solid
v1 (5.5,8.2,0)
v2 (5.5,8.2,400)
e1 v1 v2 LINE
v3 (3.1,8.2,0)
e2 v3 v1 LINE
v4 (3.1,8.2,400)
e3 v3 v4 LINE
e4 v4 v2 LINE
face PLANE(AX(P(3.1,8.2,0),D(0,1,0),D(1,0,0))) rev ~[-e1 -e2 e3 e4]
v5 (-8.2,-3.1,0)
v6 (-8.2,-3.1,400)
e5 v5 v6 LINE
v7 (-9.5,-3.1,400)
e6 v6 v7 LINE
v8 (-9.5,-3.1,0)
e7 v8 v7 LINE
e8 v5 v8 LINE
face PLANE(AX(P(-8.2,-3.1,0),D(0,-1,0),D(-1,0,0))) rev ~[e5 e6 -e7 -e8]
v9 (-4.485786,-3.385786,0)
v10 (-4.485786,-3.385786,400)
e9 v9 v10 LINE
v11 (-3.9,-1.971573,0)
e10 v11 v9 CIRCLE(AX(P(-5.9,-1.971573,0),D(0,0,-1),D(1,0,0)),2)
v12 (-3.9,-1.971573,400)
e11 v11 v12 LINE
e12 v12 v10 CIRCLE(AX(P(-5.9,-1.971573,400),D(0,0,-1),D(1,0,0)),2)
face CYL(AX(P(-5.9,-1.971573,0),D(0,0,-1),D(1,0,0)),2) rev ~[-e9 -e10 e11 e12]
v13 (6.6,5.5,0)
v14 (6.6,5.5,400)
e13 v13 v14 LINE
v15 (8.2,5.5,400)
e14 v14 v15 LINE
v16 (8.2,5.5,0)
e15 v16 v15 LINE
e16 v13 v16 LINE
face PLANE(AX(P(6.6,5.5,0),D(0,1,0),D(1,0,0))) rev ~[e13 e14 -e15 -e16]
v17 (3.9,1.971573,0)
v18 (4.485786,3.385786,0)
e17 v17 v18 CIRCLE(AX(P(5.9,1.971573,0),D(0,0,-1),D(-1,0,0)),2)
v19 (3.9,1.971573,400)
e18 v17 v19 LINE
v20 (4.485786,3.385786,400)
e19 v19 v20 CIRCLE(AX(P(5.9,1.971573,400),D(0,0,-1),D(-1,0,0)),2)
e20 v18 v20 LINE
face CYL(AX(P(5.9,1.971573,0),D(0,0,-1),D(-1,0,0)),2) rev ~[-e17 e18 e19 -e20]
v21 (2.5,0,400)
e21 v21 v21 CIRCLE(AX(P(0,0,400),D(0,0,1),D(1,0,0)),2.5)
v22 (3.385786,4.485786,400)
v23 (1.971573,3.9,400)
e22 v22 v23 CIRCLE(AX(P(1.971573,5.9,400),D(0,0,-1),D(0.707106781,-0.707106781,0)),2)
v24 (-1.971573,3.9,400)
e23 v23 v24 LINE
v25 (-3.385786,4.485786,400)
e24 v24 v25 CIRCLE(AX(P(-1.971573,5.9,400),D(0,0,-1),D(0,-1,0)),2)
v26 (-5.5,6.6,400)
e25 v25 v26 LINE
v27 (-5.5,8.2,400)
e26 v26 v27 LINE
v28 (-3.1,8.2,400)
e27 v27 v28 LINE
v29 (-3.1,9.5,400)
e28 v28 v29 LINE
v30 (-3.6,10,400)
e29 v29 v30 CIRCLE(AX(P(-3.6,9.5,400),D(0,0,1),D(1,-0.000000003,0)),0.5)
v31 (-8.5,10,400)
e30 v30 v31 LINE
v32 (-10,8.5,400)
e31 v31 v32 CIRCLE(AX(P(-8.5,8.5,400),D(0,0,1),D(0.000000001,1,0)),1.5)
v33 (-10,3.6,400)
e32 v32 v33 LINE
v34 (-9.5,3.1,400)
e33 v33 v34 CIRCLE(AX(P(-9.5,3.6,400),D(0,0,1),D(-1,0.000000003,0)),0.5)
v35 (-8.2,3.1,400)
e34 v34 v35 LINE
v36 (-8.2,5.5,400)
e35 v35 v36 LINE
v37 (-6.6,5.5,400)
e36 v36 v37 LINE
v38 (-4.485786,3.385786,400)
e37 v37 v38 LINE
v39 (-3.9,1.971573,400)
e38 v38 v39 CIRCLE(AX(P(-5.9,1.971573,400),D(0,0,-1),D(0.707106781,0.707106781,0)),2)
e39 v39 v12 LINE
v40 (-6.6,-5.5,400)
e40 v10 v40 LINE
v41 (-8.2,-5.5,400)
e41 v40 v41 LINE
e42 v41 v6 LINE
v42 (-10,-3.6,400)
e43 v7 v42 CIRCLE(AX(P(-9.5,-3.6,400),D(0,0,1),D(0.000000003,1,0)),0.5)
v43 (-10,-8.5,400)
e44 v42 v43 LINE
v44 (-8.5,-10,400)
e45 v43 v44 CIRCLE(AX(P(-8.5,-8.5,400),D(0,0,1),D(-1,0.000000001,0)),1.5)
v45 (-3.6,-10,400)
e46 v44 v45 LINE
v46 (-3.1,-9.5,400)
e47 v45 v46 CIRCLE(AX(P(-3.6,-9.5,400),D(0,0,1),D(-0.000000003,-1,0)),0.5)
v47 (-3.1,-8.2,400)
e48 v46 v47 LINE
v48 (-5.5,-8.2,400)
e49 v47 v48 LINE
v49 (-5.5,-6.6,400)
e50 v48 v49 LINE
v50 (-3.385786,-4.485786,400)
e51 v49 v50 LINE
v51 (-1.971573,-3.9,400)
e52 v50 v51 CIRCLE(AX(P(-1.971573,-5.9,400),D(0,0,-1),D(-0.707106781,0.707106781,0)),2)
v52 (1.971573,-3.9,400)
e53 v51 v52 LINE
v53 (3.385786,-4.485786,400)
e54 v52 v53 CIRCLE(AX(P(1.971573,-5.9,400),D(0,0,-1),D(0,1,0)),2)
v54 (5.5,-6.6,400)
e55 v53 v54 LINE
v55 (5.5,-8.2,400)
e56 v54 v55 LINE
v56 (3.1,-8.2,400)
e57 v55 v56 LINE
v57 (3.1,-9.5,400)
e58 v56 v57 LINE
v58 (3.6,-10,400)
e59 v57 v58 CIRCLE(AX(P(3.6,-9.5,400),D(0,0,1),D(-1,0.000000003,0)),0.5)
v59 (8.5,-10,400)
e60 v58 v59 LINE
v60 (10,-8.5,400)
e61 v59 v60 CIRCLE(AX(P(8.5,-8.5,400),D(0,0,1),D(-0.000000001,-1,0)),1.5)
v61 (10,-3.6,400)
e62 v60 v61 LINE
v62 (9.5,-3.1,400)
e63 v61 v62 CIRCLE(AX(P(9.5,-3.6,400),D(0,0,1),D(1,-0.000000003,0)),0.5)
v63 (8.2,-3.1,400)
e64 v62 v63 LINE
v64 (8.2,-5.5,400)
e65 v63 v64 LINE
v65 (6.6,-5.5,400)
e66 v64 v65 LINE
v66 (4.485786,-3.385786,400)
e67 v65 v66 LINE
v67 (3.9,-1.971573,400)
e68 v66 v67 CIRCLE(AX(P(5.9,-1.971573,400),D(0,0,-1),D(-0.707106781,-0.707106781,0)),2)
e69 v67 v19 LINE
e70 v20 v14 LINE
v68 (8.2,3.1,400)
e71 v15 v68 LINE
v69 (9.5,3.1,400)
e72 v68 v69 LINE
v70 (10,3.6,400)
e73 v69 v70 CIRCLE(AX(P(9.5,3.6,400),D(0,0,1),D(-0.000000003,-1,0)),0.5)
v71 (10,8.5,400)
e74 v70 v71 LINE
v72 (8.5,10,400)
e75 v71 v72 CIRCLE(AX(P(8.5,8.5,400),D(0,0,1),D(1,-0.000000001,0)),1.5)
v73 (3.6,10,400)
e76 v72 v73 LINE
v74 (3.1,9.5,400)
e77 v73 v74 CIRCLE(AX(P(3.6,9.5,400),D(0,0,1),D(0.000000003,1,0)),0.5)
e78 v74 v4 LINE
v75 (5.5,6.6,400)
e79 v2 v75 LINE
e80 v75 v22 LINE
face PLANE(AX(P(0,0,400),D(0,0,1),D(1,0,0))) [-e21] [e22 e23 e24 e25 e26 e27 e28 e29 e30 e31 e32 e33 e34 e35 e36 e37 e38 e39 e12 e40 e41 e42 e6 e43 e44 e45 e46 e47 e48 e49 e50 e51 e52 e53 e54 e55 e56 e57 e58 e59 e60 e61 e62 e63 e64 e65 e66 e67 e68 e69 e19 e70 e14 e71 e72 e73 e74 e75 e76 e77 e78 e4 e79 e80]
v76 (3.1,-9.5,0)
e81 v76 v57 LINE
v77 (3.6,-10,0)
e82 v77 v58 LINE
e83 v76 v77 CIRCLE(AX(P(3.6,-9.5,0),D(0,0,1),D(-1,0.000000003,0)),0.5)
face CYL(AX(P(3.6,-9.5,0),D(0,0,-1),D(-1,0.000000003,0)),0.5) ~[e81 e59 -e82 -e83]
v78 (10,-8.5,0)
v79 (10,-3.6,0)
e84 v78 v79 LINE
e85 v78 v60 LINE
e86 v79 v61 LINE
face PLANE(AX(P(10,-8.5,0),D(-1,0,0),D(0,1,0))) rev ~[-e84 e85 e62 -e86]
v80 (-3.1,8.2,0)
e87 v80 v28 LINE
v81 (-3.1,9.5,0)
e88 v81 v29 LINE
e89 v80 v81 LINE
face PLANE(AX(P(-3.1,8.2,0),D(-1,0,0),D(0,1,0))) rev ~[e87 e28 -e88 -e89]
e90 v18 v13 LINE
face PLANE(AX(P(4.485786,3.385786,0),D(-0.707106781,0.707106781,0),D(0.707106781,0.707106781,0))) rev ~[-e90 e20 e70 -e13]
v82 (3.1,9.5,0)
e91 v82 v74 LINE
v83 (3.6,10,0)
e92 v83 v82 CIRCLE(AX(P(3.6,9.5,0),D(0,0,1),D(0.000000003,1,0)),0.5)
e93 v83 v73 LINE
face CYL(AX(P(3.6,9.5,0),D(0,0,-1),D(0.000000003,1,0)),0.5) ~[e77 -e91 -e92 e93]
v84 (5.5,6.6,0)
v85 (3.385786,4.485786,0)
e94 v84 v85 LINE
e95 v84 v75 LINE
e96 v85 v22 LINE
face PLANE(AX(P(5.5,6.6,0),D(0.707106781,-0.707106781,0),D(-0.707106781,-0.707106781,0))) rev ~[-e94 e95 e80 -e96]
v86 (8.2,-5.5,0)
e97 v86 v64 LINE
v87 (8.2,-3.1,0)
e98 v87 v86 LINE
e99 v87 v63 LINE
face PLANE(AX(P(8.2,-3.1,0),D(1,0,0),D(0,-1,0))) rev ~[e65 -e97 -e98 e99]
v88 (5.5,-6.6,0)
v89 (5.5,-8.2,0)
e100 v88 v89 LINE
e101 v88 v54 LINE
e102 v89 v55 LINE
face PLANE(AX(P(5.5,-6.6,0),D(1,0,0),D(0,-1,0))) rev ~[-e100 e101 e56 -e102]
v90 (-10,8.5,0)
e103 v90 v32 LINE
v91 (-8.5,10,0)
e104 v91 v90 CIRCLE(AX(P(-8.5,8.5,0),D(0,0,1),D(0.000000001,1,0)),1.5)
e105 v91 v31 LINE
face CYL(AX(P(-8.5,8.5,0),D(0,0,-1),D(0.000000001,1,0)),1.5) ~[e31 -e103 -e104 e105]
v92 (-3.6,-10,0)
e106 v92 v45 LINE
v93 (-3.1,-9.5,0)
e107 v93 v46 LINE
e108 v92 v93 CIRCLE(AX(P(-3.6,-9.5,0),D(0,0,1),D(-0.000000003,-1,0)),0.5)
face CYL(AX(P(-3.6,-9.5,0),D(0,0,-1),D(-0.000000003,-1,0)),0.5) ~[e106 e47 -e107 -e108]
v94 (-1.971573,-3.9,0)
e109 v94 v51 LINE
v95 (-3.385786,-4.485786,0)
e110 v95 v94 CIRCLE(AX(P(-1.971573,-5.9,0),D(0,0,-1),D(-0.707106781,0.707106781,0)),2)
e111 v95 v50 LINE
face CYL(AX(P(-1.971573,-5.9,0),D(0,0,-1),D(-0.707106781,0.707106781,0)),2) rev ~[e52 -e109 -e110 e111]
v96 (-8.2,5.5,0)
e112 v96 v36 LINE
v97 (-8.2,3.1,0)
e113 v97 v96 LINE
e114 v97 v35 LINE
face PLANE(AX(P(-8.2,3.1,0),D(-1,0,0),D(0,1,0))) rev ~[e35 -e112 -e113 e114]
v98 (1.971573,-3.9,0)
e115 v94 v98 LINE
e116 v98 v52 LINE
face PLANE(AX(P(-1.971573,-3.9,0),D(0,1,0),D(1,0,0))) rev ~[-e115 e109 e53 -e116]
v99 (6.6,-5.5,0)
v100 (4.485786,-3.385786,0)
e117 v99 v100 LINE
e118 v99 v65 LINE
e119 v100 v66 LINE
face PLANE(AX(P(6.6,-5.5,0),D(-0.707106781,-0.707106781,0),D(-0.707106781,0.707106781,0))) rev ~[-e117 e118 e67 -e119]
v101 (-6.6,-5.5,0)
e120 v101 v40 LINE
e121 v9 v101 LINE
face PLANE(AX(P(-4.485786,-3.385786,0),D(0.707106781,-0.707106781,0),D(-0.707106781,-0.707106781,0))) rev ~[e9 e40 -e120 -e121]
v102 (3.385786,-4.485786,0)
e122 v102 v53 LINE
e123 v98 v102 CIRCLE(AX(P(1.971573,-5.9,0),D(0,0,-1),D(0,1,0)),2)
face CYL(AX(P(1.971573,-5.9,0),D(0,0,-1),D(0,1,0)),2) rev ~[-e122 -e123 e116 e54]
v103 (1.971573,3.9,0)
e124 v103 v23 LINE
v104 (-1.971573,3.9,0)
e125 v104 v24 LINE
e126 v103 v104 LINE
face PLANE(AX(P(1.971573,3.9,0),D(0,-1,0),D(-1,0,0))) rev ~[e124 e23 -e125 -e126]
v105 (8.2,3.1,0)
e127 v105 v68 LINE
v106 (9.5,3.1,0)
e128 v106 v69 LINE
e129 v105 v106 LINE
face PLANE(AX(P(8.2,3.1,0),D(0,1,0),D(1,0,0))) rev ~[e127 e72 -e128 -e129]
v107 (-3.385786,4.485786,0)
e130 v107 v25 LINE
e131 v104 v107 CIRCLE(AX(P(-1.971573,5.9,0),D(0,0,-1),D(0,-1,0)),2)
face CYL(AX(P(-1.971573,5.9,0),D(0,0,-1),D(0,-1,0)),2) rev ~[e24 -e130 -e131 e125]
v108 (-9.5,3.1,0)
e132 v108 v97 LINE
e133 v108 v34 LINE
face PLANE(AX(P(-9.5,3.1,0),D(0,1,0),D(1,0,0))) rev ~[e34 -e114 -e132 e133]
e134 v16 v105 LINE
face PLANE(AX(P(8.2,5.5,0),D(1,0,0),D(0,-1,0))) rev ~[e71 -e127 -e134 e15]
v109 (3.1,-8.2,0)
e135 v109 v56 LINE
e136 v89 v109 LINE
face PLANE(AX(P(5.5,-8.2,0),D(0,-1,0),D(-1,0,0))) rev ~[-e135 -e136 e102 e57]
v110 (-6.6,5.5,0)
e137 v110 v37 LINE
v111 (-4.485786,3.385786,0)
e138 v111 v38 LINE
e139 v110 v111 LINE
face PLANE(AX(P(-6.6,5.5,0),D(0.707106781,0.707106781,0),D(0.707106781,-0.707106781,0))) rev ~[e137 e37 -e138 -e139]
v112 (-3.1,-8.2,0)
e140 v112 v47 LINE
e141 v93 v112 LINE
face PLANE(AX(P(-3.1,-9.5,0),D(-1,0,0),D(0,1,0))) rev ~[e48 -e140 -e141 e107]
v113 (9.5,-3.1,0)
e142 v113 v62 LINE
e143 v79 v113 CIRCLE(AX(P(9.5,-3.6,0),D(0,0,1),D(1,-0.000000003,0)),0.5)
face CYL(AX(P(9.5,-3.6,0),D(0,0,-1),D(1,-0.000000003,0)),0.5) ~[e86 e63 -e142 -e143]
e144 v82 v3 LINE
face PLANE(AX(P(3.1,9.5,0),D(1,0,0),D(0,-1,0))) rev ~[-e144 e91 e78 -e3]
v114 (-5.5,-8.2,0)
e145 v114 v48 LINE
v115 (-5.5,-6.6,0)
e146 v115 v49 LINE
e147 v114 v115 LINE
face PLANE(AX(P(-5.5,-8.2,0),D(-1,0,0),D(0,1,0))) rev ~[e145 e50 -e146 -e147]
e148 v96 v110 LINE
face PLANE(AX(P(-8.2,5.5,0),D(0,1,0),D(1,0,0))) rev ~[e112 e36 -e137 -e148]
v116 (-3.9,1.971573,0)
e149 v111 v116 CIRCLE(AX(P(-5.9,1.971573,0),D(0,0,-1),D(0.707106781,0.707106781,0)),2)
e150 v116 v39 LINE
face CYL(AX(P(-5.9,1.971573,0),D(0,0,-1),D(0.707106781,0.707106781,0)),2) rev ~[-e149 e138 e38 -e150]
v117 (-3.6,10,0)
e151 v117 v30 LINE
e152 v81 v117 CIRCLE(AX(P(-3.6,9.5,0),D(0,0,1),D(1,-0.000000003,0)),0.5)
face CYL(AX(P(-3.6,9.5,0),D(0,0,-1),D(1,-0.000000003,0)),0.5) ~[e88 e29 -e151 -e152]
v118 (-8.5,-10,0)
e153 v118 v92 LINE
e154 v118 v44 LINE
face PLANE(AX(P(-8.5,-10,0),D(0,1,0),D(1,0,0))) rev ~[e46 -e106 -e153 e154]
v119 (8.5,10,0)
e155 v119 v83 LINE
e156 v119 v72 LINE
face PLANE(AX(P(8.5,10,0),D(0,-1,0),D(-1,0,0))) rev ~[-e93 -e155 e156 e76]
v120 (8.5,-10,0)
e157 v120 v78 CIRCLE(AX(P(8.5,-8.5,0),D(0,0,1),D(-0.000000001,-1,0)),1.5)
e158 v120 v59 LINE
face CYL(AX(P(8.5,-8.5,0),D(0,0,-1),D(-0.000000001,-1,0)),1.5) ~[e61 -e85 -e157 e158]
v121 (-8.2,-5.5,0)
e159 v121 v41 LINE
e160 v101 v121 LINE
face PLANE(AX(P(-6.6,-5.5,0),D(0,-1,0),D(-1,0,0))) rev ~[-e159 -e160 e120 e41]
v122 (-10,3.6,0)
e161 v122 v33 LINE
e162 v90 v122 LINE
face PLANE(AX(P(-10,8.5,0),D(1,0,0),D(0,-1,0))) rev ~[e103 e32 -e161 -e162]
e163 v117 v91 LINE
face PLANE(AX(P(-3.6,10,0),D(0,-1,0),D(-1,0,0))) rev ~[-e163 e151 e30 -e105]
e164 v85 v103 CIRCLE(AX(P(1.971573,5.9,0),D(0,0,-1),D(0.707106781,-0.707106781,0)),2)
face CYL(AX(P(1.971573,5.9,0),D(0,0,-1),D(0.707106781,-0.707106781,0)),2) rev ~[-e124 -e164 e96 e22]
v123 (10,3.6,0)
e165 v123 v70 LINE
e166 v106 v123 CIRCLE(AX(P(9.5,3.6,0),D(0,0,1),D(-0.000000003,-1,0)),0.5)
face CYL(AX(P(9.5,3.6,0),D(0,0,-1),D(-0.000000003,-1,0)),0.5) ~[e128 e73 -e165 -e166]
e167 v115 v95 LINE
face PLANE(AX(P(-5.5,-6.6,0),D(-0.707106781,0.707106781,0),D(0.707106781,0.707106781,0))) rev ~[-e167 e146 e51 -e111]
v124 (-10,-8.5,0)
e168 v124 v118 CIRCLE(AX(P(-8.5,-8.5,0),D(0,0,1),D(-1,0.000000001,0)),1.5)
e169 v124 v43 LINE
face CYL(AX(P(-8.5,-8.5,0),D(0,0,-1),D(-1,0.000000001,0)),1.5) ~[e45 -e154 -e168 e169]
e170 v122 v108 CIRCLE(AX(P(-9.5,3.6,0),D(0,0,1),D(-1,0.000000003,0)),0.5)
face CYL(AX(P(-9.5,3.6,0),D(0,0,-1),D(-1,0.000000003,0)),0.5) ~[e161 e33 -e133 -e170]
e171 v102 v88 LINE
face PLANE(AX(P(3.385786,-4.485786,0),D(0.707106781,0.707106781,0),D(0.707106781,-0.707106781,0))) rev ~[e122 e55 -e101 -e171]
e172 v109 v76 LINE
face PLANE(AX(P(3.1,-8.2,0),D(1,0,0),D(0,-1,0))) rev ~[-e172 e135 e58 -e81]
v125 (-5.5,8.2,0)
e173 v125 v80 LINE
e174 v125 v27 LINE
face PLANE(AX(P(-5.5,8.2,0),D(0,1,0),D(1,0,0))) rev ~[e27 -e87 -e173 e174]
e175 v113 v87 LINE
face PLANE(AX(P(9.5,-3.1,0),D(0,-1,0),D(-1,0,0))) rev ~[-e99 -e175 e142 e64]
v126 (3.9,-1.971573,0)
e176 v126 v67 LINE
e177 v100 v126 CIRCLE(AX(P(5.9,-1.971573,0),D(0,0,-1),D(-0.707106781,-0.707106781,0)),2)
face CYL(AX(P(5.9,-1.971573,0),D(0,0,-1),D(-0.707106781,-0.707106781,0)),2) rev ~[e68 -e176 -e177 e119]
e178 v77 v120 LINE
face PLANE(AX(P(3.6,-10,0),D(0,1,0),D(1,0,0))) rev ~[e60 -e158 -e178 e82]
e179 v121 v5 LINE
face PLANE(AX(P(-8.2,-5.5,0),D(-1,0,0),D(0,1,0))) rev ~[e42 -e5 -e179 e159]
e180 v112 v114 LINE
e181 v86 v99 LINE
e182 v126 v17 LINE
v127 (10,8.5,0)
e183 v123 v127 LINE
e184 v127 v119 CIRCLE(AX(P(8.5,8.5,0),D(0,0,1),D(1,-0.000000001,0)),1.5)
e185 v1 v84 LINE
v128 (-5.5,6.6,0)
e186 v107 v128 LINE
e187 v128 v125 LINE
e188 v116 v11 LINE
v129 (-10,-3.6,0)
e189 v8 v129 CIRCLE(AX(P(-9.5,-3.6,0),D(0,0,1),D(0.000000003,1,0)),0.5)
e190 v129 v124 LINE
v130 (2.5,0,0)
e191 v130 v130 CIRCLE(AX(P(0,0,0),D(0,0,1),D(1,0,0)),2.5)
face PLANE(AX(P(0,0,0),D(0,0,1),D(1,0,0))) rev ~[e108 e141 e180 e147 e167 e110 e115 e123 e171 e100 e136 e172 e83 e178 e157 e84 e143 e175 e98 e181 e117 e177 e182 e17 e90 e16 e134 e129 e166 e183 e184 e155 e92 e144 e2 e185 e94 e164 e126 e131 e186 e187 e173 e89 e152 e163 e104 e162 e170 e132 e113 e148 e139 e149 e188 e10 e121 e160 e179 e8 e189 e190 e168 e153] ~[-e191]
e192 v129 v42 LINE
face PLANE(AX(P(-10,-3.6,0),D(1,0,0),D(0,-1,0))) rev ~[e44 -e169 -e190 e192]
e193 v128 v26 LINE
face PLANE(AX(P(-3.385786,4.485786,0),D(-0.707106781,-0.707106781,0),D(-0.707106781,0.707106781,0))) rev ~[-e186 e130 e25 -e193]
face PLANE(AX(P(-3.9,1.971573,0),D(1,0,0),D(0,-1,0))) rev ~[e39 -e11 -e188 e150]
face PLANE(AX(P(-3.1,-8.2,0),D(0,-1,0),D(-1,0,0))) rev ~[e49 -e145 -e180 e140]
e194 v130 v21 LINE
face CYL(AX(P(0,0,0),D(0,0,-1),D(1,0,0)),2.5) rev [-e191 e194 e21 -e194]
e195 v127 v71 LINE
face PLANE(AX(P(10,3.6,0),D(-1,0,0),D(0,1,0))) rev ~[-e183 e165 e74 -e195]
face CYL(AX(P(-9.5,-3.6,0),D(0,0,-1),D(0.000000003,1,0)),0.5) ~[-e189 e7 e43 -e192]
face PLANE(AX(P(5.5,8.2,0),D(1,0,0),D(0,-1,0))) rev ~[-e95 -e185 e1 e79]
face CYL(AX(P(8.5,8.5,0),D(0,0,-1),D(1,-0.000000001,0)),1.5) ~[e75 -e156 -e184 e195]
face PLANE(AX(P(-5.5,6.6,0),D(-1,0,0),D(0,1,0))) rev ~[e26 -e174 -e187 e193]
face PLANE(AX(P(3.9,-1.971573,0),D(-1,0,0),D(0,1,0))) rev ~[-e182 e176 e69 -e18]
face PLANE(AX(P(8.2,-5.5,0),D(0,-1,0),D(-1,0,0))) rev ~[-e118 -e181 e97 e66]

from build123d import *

# Parameters (mm, degrees)
SKETCH_1_R      = 2.5
EXTRUDE_1_DEPTH = 400


with BuildPart() as part:
    # 草图1 → 凸台-拉伸1 (new body)
    with BuildSketch(Plane.XY):
        with BuildLine():
            Line((3.9, 0), (3.9, 1.971572875))
            ThreePointArc((3.9, 1.971572875), (4.052240935, 2.73693974), (4.485786438, 3.385786438))
            Line((4.485786438, 3.385786438), (6.6, 5.5))
            Line((6.6, 5.5), (8.2, 5.5))
            Line((8.2, 5.5), (8.2, 3.1))
            Line((8.2, 3.1), (9.5, 3.1))
            ThreePointArc((9.5, 3.1), (9.853553391, 3.246446609), (10, 3.6))
            Line((10, 3.6), (10, 8.5))
            ThreePointArc((10, 8.5), (9.560660172, 9.560660172), (8.5, 10))
            Line((8.5, 10), (3.6, 10))
            ThreePointArc((3.6, 10), (3.246446609, 9.853553391), (3.1, 9.5))
            Line((3.1, 9.5), (3.1, 8.2))
            Line((3.1, 8.2), (5.5, 8.2))
            Line((5.5, 8.2), (5.5, 6.6))
            Line((5.5, 6.6), (3.385786438, 4.485786438))
            ThreePointArc((3.385786438, 4.485786438), (2.73693974, 4.052240935), (1.971572875, 3.9))
            Line((1.971572875, 3.9), (0, 3.9))
            Line((0, 3.9), (-1.971572875, 3.9))
            ThreePointArc((-1.971572875, 3.9), (-2.73693974, 4.052240935), (-3.385786438, 4.485786438))
            Line((-3.385786438, 4.485786438), (-5.5, 6.6))
            Line((-5.5, 6.6), (-5.5, 8.2))
            Line((-5.5, 8.2), (-3.1, 8.2))
            Line((-3.1, 8.2), (-3.1, 9.5))
            ThreePointArc((-3.1, 9.5), (-3.246446609, 9.853553391), (-3.6, 10))
            Line((-3.6, 10), (-8.5, 10))
            ThreePointArc((-8.5, 10), (-9.560660172, 9.560660172), (-10, 8.5))
            Line((-10, 8.5), (-10, 3.6))
            ThreePointArc((-10, 3.6), (-9.853553391, 3.246446609), (-9.5, 3.1))
            Line((-9.5, 3.1), (-8.2, 3.1))
            Line((-8.2, 3.1), (-8.2, 5.5))
            Line((-8.2, 5.5), (-6.6, 5.5))
            Line((-6.6, 5.5), (-4.485786438, 3.385786438))
            ThreePointArc((-4.485786438, 3.385786438), (-4.052240935, 2.73693974), (-3.9, 1.971572875))
            Line((-3.9, 1.971572875), (-3.9, 0))
            Line((-3.9, 0), (-3.9, -1.971572875))
            ThreePointArc((-3.9, -1.971572875), (-4.052240935, -2.73693974), (-4.485786438, -3.385786438))
            Line((-4.485786438, -3.385786438), (-6.6, -5.5))
            Line((-6.6, -5.5), (-8.2, -5.5))
            Line((-8.2, -5.5), (-8.2, -3.1))
            Line((-8.2, -3.1), (-9.5, -3.1))
            ThreePointArc((-9.5, -3.1), (-9.853553391, -3.246446609), (-10, -3.6))
            Line((-10, -3.6), (-10, -8.5))
            ThreePointArc((-10, -8.5), (-9.560660172, -9.560660172), (-8.5, -10))
            Line((-8.5, -10), (-3.6, -10))
            ThreePointArc((-3.6, -10), (-3.246446609, -9.853553391), (-3.1, -9.5))
            Line((-3.1, -9.5), (-3.1, -8.2))
            Line((-3.1, -8.2), (-5.5, -8.2))
            Line((-5.5, -8.2), (-5.5, -6.6))
            Line((-5.5, -6.6), (-3.385786438, -4.485786438))
            ThreePointArc((-3.385786438, -4.485786438), (-2.73693974, -4.052240935), (-1.971572875, -3.9))
            Line((-1.971572875, -3.9), (0, -3.9))
            Line((0, -3.9), (1.971572875, -3.9))
            ThreePointArc((1.971572875, -3.9), (2.73693974, -4.052240935), (3.385786438, -4.485786438))
            Line((3.385786438, -4.485786438), (5.5, -6.6))
            Line((5.5, -6.6), (5.5, -8.2))
            Line((5.5, -8.2), (3.1, -8.2))
            Line((3.1, -8.2), (3.1, -9.5))
            ThreePointArc((3.1, -9.5), (3.246446609, -9.853553391), (3.6, -10))
            Line((3.6, -10), (8.5, -10))
            ThreePointArc((8.5, -10), (9.560660172, -9.560660172), (10, -8.5))
            Line((10, -8.5), (10, -3.6))
            ThreePointArc((10, -3.6), (9.853553391, -3.246446609), (9.5, -3.1))
            Line((9.5, -3.1), (8.2, -3.1))
            Line((8.2, -3.1), (8.2, -5.5))
            Line((8.2, -5.5), (6.6, -5.5))
            Line((6.6, -5.5), (4.485786438, -3.385786438))
            ThreePointArc((4.485786438, -3.385786438), (4.052240935, -2.73693974), (3.9, -1.971572875))
            Line((3.9, -1.971572875), (3.9, 0))
        make_face()
        Circle(SKETCH_1_R, mode=Mode.SUBTRACT)
    extrude(amount=EXTRUDE_1_DEPTH)


solid = part.part
